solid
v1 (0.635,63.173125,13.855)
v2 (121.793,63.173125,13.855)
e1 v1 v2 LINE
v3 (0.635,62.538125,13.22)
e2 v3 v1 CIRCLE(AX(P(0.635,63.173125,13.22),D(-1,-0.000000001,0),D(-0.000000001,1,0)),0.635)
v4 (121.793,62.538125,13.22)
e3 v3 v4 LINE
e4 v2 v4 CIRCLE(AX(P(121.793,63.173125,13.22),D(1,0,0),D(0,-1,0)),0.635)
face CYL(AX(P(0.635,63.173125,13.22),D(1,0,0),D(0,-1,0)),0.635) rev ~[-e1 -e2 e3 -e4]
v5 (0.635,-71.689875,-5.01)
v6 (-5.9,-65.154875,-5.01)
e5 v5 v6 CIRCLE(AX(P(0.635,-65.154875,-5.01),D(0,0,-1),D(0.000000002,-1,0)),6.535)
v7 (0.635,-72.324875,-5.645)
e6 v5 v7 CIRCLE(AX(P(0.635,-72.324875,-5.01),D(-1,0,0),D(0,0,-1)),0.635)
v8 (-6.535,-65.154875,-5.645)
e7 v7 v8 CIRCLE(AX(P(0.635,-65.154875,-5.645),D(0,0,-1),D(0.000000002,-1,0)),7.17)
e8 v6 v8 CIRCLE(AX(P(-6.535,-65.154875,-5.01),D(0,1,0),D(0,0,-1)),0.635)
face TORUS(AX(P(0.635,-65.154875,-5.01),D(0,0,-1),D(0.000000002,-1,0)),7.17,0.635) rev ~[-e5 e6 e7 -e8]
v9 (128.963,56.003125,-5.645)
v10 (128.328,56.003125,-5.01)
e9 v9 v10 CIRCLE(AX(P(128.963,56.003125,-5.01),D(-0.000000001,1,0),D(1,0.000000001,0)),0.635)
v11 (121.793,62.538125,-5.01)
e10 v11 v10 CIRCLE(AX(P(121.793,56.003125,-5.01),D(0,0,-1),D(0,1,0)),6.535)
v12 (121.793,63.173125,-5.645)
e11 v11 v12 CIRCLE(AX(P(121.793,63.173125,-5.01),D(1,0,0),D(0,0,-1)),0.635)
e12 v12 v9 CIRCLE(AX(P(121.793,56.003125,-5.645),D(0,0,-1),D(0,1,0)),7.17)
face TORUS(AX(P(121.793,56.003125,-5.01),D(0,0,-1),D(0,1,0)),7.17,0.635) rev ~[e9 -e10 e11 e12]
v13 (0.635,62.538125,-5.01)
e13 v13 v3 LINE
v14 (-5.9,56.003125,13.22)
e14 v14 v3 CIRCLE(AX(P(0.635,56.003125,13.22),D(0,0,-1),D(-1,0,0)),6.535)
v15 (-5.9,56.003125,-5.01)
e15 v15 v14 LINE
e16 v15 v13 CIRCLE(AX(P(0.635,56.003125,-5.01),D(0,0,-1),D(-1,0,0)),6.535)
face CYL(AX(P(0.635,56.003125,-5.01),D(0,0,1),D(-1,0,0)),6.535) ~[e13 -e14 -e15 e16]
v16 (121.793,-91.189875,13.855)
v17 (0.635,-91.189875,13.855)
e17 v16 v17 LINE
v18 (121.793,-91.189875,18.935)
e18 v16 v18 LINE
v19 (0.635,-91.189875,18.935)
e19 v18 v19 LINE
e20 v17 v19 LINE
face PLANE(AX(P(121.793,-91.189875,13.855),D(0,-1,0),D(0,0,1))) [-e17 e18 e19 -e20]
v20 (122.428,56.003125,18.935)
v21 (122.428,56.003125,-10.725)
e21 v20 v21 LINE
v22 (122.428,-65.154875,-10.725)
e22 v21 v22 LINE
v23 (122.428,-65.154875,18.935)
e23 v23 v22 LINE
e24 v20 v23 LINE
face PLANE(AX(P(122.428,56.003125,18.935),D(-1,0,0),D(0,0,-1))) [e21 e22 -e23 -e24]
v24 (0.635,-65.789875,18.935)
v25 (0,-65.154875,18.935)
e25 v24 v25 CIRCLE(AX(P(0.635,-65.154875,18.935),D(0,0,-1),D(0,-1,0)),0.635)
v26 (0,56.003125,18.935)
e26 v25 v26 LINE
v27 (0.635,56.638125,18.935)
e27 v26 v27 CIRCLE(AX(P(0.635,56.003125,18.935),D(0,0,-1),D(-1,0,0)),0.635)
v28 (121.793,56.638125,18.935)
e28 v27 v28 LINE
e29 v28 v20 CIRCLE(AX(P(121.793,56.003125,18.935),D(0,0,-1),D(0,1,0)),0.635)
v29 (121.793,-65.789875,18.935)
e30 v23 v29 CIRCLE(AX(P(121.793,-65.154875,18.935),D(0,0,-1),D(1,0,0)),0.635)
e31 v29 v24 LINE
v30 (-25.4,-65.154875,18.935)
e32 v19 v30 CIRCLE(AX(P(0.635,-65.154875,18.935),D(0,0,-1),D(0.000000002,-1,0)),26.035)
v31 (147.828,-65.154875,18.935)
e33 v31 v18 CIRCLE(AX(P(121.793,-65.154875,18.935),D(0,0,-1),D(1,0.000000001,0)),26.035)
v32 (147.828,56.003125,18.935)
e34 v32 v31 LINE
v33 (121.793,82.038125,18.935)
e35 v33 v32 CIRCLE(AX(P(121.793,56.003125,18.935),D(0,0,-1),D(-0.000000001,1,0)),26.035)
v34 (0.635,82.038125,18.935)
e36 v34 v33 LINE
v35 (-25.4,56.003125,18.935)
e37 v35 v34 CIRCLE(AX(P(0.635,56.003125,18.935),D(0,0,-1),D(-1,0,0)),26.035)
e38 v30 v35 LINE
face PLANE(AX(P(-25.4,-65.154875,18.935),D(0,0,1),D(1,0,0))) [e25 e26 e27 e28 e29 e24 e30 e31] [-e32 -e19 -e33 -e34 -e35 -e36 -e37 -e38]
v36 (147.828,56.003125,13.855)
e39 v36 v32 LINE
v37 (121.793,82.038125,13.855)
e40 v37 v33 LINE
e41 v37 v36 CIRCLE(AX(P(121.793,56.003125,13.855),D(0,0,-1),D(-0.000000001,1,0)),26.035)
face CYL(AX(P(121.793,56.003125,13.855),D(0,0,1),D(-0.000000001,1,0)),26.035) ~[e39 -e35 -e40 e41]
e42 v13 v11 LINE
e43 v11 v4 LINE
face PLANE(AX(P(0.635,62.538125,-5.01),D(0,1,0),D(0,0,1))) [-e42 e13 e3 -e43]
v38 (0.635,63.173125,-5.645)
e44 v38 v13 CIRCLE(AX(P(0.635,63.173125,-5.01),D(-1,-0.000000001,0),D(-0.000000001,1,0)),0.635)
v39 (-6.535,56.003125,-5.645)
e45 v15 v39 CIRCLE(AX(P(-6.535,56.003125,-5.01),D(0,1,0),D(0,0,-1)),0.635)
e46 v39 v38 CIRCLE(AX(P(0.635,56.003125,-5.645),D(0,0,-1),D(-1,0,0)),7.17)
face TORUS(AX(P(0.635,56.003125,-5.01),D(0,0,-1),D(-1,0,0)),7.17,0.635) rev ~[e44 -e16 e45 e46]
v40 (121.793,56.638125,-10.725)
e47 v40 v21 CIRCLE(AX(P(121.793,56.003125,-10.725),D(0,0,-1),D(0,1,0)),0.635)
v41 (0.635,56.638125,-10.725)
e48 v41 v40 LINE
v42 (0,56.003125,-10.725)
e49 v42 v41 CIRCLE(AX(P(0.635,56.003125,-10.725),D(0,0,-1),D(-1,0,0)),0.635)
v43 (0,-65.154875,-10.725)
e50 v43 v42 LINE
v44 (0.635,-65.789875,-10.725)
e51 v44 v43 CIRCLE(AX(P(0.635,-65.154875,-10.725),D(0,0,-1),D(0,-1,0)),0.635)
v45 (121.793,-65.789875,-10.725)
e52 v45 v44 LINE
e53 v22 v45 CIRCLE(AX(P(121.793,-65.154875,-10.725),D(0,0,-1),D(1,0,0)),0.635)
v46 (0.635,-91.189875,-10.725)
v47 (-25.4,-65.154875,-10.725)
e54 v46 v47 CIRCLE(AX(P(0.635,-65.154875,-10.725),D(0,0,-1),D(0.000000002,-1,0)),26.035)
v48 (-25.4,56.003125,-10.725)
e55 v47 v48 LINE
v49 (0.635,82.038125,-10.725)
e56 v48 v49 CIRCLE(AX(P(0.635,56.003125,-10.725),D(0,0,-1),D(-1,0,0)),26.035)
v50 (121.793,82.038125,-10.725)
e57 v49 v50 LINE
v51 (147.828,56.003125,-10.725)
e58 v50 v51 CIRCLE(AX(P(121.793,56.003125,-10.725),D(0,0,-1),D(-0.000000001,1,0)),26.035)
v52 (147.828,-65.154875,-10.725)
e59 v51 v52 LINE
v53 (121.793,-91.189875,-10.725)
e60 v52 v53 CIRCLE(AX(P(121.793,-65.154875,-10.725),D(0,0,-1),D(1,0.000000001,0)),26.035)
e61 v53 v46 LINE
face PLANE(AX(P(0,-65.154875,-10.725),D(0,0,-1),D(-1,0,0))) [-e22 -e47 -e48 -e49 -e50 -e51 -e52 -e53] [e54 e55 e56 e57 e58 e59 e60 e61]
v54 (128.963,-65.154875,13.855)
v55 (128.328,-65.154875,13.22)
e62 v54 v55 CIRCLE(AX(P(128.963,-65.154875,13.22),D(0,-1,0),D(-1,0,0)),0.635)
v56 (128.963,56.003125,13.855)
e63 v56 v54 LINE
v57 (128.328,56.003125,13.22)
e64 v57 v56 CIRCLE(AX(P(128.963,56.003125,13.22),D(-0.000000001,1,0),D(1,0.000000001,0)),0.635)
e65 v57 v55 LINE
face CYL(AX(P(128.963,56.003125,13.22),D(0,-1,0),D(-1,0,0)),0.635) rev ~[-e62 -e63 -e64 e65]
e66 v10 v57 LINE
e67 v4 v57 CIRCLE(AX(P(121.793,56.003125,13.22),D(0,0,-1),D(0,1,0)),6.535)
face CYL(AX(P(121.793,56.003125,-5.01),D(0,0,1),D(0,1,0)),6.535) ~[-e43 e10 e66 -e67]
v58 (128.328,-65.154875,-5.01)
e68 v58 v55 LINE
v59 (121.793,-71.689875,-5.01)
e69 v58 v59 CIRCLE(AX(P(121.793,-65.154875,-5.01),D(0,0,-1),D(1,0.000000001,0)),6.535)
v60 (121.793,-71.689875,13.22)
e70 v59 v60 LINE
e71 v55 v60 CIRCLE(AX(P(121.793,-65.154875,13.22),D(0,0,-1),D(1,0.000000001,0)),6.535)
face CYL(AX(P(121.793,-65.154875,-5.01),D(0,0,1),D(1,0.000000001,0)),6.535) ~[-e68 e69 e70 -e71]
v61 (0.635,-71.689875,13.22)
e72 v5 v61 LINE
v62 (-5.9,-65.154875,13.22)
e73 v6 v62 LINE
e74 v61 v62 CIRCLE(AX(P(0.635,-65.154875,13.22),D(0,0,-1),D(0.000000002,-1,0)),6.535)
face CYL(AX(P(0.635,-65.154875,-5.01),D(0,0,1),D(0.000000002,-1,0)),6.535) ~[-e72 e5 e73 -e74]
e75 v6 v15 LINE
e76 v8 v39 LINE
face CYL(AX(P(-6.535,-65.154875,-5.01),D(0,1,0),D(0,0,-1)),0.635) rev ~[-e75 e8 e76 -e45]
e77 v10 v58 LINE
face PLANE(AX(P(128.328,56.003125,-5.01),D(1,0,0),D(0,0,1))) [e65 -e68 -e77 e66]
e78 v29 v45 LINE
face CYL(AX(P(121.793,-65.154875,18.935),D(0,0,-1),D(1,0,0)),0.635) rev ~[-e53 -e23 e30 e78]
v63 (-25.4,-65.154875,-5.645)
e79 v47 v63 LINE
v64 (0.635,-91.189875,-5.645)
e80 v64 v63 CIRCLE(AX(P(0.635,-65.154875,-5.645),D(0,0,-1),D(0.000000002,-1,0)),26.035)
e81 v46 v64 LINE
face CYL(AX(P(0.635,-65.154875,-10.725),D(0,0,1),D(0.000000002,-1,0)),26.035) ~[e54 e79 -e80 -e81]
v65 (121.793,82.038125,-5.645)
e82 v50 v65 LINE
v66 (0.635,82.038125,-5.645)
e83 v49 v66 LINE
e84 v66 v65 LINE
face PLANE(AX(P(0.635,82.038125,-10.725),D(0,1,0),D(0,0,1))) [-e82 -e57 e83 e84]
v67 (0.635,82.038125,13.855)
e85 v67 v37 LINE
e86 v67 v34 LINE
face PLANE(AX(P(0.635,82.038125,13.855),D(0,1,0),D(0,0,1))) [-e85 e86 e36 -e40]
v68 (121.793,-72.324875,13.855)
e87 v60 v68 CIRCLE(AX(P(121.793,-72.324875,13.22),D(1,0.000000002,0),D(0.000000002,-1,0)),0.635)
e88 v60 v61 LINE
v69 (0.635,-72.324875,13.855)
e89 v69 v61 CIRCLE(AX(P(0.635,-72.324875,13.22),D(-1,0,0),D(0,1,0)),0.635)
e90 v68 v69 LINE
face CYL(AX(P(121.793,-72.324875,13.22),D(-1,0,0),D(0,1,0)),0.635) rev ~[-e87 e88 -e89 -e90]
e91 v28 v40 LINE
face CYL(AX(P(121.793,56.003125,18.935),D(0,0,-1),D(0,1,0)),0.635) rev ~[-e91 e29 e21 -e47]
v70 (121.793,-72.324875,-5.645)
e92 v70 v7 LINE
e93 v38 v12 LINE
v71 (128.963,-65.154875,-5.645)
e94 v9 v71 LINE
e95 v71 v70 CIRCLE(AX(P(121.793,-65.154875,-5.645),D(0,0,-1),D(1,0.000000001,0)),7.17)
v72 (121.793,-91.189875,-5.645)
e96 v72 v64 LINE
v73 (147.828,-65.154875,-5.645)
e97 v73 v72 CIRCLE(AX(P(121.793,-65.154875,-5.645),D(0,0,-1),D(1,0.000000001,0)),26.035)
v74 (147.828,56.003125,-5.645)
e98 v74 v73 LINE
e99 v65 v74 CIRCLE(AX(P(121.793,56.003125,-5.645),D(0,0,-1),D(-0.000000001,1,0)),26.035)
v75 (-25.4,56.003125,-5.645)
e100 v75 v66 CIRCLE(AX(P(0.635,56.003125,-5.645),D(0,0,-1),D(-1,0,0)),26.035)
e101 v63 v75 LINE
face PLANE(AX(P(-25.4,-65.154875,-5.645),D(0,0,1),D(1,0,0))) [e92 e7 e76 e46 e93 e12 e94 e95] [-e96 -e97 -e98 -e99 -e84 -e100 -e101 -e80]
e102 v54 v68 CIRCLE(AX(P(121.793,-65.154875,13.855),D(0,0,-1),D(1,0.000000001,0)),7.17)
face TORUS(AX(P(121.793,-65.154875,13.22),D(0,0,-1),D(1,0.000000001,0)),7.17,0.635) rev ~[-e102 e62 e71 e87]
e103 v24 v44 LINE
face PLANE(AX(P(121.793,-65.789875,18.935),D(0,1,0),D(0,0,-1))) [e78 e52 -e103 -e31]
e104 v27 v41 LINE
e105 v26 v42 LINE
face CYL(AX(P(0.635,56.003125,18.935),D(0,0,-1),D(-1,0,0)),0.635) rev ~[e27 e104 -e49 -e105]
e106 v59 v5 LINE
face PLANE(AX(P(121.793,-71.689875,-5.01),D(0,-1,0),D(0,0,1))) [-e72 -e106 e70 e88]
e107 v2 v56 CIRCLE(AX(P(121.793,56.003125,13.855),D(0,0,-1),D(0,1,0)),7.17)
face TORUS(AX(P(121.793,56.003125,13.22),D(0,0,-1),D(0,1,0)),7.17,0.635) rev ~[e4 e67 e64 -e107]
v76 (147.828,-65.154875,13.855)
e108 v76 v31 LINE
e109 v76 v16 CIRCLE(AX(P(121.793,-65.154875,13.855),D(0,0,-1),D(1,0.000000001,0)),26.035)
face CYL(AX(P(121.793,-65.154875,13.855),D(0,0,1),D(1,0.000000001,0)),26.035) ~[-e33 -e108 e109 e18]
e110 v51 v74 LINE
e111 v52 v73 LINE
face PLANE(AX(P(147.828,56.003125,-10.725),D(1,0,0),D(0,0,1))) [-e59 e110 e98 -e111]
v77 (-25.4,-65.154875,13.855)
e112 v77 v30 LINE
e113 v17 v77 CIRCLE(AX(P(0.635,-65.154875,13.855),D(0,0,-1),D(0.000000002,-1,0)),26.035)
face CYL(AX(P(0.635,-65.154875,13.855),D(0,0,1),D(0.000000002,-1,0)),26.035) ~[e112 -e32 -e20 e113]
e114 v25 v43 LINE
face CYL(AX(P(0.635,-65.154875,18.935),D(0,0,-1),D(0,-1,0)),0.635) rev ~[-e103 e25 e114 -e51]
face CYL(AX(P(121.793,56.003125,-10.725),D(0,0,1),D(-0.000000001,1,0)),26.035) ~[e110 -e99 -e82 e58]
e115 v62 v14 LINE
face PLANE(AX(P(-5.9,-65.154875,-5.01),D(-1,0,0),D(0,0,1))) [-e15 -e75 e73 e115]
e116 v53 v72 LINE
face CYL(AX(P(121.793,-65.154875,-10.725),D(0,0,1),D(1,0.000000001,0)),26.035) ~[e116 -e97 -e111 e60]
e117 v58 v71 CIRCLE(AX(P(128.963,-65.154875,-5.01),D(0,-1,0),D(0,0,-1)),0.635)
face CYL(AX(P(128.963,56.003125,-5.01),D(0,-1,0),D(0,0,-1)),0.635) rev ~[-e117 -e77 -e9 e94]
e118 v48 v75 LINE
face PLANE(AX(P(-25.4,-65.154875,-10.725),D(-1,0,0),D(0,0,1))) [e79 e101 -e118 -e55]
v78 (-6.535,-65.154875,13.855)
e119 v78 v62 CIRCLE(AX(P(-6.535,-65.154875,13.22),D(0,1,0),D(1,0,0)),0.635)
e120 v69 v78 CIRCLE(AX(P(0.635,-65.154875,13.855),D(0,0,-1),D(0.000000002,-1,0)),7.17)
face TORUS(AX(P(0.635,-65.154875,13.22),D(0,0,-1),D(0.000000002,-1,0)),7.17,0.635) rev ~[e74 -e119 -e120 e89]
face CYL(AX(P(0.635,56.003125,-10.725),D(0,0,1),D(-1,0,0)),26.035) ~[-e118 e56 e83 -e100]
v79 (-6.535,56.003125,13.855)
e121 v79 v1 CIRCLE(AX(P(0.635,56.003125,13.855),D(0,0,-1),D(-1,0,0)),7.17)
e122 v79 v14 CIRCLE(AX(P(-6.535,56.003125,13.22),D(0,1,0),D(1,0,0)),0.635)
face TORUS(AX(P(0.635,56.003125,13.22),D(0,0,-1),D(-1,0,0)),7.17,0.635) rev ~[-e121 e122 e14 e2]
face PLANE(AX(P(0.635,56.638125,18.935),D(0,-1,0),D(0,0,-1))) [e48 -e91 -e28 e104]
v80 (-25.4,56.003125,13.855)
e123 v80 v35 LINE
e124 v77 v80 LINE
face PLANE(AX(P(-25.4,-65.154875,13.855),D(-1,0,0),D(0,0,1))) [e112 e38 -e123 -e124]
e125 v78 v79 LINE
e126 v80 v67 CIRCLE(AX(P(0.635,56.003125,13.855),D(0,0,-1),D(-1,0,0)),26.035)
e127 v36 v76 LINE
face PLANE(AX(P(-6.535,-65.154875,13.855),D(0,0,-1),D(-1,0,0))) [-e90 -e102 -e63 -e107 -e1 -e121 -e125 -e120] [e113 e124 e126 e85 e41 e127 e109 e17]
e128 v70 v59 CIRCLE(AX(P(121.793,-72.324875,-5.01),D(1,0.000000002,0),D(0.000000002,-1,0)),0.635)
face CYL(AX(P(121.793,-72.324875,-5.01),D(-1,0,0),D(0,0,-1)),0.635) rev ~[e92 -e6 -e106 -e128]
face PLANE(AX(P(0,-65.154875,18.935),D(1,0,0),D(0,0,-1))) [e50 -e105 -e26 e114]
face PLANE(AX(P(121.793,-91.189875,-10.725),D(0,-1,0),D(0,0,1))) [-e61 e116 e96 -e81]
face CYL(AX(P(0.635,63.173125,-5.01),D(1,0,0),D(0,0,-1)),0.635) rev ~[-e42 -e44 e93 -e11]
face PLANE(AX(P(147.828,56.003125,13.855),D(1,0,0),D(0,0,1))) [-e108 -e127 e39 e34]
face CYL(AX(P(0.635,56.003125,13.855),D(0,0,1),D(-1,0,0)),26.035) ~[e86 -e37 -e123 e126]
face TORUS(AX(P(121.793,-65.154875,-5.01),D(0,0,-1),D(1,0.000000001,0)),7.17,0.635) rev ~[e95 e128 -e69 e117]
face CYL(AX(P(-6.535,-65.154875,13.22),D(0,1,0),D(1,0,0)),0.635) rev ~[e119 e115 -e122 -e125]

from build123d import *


with BuildPart() as part:
    # Sweep1: sweep along a path in Sketch4
    with BuildLine(Plane.XY) as sweep1_path:
        Line((0, -65.154874543), (0, 56.003125457))
        ThreePointArc((0, 56.003125457), (0.185987194, 56.452138263), (0.635, 56.638125457))
        Line((0.635, 56.638125457), (121.793, 56.638125457))
        ThreePointArc((121.793, 56.638125457), (122.242012806, 56.452138263), (122.428, 56.003125457))
        Line((122.428, 56.003125457), (122.428, -65.154874543))
        ThreePointArc((122.428, -65.154874543), (122.242012806, -65.603887349), (121.793, -65.789874543))
        Line((121.793, -65.789874543), (0.635, -65.789874543))
        ThreePointArc((0.635, -65.789874543), (0.185987194, -65.603887349), (0, -65.154874543))
    # Sketch3 → Sweep1 (sweep)
    with BuildSketch(Plane(origin=(0, 0, 0), x_dir=(1, 0, 0), z_dir=(0, 1, 0))):
        with BuildLine():
            Line((0, 0), (0, 10.72500014))
            Line((0, 10.72500014), (-25.4, 10.72500014))
            Line((-25.4, 10.72500014), (-25.4, 5.64500014))
            Line((-25.4, 5.64500014), (-6.535, 5.64500014))
            ThreePointArc((-6.535, 5.64500014), (-6.085987194, 5.459012946), (-5.9, 5.01000014))
            Line((-5.9, 5.01000014), (-5.9, -13.21999986))
            ThreePointArc((-5.9, -13.21999986), (-6.085987194, -13.669012666), (-6.535, -13.85499986))
            Line((-6.535, -13.85499986), (-25.4, -13.85499986))
            Line((-25.4, -13.85499986), (-25.4, -18.93499986))
            Line((-25.4, -18.93499986), (0, -18.93499986))
            Line((0, -18.93499986), (0, 0))
        make_face()
    sweep(path=sweep1_path.line)


solid = part.part
